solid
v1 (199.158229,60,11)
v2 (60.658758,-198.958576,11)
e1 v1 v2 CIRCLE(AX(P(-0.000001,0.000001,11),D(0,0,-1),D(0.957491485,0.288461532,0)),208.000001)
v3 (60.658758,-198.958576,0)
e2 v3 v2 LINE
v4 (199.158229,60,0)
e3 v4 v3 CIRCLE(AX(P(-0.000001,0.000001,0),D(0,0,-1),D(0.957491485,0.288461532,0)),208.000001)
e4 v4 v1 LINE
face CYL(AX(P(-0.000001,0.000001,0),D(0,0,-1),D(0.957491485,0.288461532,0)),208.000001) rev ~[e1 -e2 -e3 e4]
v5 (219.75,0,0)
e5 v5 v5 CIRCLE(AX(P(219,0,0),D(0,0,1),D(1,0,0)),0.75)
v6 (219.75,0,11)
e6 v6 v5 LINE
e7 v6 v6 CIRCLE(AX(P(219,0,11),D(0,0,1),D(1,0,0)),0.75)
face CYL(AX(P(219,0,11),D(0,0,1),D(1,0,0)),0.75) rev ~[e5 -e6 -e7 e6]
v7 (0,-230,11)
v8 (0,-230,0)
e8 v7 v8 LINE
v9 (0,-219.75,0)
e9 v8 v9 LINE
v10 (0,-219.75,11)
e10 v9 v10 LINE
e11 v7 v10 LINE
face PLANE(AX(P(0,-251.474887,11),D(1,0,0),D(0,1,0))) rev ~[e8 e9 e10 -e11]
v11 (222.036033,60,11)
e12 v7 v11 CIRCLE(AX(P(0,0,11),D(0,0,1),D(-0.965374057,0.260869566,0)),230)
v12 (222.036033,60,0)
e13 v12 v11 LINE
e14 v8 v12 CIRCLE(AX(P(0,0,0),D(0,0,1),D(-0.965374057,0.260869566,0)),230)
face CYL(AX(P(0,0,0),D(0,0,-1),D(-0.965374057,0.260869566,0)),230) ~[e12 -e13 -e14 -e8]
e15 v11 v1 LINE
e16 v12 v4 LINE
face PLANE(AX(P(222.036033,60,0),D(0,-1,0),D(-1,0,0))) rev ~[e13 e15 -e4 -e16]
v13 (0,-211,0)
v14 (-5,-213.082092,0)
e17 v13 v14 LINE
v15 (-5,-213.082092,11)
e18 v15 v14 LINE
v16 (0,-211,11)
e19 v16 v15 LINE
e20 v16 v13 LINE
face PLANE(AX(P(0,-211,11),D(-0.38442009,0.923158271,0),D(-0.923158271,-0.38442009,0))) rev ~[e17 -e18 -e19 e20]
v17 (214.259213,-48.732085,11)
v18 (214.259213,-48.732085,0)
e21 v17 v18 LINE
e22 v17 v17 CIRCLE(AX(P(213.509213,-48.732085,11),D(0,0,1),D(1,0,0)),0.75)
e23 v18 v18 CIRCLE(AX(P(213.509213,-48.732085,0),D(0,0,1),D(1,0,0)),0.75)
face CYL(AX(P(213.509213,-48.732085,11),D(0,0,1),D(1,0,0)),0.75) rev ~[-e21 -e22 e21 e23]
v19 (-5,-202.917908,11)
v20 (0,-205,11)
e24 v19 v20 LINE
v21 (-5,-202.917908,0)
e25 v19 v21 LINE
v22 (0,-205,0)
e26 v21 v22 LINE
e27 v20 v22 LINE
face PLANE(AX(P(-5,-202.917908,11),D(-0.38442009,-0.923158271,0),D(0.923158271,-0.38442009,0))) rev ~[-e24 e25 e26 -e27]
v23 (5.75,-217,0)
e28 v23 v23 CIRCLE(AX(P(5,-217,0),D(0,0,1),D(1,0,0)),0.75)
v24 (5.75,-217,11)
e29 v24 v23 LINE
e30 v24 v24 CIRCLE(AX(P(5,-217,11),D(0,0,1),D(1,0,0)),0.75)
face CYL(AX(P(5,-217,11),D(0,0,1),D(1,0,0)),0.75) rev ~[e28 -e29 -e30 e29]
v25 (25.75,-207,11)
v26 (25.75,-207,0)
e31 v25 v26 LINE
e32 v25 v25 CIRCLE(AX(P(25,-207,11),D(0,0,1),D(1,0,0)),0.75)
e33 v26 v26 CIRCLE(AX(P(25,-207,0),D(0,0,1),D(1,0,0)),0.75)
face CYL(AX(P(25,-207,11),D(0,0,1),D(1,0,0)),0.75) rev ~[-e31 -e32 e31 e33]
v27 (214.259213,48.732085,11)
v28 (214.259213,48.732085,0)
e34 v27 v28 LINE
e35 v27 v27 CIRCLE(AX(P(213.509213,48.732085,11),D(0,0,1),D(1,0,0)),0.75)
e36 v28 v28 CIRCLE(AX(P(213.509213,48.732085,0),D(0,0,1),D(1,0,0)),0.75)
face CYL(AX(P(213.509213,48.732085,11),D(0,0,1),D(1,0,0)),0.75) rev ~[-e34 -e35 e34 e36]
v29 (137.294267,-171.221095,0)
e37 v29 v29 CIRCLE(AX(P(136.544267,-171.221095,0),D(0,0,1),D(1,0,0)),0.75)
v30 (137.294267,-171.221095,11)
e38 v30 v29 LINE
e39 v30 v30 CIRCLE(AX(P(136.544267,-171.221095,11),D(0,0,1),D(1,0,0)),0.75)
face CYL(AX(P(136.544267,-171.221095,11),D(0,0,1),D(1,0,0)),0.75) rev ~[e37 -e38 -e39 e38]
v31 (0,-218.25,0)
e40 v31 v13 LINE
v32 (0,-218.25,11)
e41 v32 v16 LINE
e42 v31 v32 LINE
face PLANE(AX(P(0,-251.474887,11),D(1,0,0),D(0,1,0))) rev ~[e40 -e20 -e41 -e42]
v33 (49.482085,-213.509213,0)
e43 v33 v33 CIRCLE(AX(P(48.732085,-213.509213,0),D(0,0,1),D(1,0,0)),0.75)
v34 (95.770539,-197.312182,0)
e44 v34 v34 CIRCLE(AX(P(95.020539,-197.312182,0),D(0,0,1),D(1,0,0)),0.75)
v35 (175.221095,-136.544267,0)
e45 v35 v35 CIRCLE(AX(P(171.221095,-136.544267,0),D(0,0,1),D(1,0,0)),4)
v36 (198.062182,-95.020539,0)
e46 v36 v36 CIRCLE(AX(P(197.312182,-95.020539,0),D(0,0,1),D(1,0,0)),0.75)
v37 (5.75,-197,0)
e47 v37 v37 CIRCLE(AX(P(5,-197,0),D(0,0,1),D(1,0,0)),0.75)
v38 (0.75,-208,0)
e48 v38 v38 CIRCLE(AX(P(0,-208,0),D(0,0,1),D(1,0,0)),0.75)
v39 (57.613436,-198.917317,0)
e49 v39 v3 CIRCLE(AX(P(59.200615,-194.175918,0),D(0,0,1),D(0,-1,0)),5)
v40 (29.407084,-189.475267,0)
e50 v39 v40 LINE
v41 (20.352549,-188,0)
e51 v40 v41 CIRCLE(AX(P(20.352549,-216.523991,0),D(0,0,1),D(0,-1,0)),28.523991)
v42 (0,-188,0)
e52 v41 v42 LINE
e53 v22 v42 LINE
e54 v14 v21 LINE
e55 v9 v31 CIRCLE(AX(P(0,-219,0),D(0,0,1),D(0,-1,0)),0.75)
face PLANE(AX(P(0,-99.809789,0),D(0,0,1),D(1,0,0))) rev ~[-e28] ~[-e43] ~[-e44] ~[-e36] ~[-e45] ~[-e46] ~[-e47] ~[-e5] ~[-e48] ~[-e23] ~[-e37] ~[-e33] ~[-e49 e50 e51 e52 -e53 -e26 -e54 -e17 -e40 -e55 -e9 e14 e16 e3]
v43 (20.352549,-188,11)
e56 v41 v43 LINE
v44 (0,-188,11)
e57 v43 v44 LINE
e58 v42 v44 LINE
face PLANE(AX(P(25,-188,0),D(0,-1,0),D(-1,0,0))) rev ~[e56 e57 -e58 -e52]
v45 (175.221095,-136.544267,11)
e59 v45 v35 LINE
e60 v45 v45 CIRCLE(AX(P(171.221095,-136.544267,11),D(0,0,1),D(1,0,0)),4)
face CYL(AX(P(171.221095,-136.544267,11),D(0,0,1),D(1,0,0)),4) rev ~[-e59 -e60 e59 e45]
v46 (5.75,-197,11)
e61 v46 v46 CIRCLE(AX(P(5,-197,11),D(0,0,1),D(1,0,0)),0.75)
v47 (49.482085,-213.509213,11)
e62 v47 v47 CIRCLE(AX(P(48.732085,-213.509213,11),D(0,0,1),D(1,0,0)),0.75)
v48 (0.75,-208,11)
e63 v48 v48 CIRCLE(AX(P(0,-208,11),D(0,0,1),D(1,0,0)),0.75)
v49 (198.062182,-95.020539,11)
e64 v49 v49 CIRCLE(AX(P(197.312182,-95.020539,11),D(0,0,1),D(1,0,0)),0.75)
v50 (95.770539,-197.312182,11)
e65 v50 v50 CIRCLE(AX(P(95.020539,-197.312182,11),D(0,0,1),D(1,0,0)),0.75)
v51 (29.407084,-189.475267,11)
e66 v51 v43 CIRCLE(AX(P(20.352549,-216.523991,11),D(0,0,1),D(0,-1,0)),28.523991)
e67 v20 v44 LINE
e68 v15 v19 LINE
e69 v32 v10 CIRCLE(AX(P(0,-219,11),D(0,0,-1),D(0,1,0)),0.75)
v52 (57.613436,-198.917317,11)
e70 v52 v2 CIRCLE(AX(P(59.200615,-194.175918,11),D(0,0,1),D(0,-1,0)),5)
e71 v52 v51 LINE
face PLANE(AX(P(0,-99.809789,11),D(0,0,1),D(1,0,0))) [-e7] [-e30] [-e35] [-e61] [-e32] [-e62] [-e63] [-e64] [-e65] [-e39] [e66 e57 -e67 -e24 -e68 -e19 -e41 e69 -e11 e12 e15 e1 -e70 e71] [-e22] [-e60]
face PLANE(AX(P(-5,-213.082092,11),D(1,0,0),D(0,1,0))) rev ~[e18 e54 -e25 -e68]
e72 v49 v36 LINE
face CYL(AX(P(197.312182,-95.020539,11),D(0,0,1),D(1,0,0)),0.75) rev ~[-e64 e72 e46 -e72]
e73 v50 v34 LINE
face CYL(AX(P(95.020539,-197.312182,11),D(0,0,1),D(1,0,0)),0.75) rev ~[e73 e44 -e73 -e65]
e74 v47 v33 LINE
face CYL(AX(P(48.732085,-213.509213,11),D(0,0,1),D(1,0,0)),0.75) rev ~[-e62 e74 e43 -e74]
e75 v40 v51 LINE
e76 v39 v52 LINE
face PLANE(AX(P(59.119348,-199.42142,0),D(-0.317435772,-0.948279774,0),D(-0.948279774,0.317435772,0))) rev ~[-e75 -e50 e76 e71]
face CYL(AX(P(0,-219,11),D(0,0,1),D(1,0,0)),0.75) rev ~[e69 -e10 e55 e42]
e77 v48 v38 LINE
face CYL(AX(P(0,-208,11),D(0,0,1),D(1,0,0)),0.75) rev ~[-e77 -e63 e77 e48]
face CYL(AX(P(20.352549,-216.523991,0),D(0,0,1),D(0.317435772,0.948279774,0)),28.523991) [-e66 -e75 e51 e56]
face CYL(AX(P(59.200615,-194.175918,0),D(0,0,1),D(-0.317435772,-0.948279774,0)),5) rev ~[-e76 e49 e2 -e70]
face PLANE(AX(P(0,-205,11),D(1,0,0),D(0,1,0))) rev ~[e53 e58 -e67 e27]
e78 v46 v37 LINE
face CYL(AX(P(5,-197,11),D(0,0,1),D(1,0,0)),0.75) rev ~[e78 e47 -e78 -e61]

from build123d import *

# Parameters (mm, degrees)
F1_DEPTH  = 11
F2_R      = 28.523991
F3_R      = 5
F5_R      = 0.75
F6_DEPTH  = 11.001
F7_R      = 4
F8_DEPTH  = 11.001
F10_DEPTH = 11.001


with BuildPart() as f1:
    # F0 (on Top) → F1 (new body)
    with BuildSketch(Plane.XY):
        with BuildLine():
            ThreePointArc((-59.119348, -199.42142), (-183.034682, -98.804378), (-199.158229, 60))
            Line((-199.158229, 60), (-222.036033, 60))
            ThreePointArc((-222.036033, 60), (0, -230), (222.036033, 60))
            Line((222.036033, 60), (199.158229, 60))
            ThreePointArc((199.158229, 60), (183.034682, -98.804378), (59.119348, -199.42142))
            Line((59.119348, -199.42142), (25, -188))
            Line((25, -188), (0, -188))
            Line((0, -188), (-25, -188))
            Line((-25, -188), (-59.119348, -199.42142))
        make_face()
    extrude(amount=F1_DEPTH)

    # F2
    f2_edges = [f1.edges().sort_by_distance(p)[0] for p in [
        (25, -188, 5.5),
        (-25, -188, 5.5),
    ]]
    fillet(f2_edges, radius=F2_R)

    # F3
    f3_edges = [f1.edges().sort_by_distance(p)[0] for p in [
        (59.119348, -199.42142, 5.5),
        (-59.119348, -199.42142, 5.5),
    ]]
    fillet(f3_edges, radius=F3_R)

    # F5 (on face) → F6 (cut, through all)
    with BuildSketch(Plane.XY.offset(11)):
        with Locations((0, -219)):
            Circle(F5_R)
        with Locations((48.732085, -213.509213)):
            Circle(F5_R)
        with Locations((95.020539, -197.312182)):
            Circle(F5_R)
        with Locations((136.544267, -171.221095)):
            Circle(F5_R)
        with Locations((171.221095, -136.544267)):
            Circle(F5_R)
        with Locations((197.312182, -95.020539)):
            Circle(F5_R)
        with Locations((213.509213, -48.732085)):
            Circle(F5_R)
        with Locations((219, 0)):
            Circle(F5_R)
        with Locations((213.509213, 48.732085)):
            Circle(F5_R)
        with Locations((197.312182, 95.020539)):
            Circle(F5_R)
        with Locations((171.221095, 136.544267)):
            Circle(F5_R)
        with Locations((136.544267, 171.221095)):
            Circle(F5_R)
        with Locations((95.020539, 197.312182)):
            Circle(F5_R)
        with Locations((48.732085, 213.509213)):
            Circle(F5_R)
        with Locations((0, 219)):
            Circle(F5_R)
        with Locations((-48.732085, 213.509213)):
            Circle(F5_R)
        with Locations((-95.020539, 197.312182)):
            Circle(F5_R)
        with Locations((-136.544267, 171.221095)):
            Circle(F5_R)
        with Locations((-171.221095, 136.544267)):
            Circle(F5_R)
        with Locations((-197.312182, 95.020539)):
            Circle(F5_R)
        with Locations((-213.509213, 48.732085)):
            Circle(F5_R)
        with Locations((-219, 0)):
            Circle(F5_R)
        with Locations((-213.509213, -48.732085)):
            Circle(F5_R)
        with Locations((-197.312182, -95.020539)):
            Circle(F5_R)
        with Locations((-171.221095, -136.544267)):
            Circle(F5_R)
        with Locations((-136.544267, -171.221095)):
            Circle(F5_R)
        with Locations((-95.020539, -197.312182)):
            Circle(F5_R)
        with Locations((-48.732085, -213.509213)):
            Circle(F5_R)
        with Locations((-5, -197)):
            Circle(F5_R)
        with Locations((5, -197)):
            Circle(F5_R)
        with Locations((0, -208)):
            Circle(F5_R)
        with Locations((-5, -217)):
            Circle(F5_R)
        with Locations((-25, -207)):
            Circle(F5_R)
        with Locations((5, -217)):
            Circle(F5_R)
        with Locations((25, -207)):
            Circle(F5_R)
    extrude(amount=-F6_DEPTH, mode=Mode.SUBTRACT)

    # F7 (on face) → F8 (cut, through all)
    with BuildSketch(Plane.XY.offset(11)):
        with Locations((-171.221095, -136.544267)):
            Circle(F7_R)
        with Locations((171.221095, -136.544267)):
            Circle(F7_R)
    extrude(amount=-F8_DEPTH, mode=Mode.SUBTRACT)

    # F9 (on face) → F10 (cut, through all)
    with BuildSketch(Plane.XY.offset(11)):
        Polygon((0, -205), (0, -188), (0, 106.196139), (-257.946059, 106.196139), (-257.946059, -251.474887), (0, -251.474887), (0, -211), (-5, -213.082092), (-5, -202.917908), align=None)
    extrude(amount=-F10_DEPTH, mode=Mode.SUBTRACT)


solid = f1.part
